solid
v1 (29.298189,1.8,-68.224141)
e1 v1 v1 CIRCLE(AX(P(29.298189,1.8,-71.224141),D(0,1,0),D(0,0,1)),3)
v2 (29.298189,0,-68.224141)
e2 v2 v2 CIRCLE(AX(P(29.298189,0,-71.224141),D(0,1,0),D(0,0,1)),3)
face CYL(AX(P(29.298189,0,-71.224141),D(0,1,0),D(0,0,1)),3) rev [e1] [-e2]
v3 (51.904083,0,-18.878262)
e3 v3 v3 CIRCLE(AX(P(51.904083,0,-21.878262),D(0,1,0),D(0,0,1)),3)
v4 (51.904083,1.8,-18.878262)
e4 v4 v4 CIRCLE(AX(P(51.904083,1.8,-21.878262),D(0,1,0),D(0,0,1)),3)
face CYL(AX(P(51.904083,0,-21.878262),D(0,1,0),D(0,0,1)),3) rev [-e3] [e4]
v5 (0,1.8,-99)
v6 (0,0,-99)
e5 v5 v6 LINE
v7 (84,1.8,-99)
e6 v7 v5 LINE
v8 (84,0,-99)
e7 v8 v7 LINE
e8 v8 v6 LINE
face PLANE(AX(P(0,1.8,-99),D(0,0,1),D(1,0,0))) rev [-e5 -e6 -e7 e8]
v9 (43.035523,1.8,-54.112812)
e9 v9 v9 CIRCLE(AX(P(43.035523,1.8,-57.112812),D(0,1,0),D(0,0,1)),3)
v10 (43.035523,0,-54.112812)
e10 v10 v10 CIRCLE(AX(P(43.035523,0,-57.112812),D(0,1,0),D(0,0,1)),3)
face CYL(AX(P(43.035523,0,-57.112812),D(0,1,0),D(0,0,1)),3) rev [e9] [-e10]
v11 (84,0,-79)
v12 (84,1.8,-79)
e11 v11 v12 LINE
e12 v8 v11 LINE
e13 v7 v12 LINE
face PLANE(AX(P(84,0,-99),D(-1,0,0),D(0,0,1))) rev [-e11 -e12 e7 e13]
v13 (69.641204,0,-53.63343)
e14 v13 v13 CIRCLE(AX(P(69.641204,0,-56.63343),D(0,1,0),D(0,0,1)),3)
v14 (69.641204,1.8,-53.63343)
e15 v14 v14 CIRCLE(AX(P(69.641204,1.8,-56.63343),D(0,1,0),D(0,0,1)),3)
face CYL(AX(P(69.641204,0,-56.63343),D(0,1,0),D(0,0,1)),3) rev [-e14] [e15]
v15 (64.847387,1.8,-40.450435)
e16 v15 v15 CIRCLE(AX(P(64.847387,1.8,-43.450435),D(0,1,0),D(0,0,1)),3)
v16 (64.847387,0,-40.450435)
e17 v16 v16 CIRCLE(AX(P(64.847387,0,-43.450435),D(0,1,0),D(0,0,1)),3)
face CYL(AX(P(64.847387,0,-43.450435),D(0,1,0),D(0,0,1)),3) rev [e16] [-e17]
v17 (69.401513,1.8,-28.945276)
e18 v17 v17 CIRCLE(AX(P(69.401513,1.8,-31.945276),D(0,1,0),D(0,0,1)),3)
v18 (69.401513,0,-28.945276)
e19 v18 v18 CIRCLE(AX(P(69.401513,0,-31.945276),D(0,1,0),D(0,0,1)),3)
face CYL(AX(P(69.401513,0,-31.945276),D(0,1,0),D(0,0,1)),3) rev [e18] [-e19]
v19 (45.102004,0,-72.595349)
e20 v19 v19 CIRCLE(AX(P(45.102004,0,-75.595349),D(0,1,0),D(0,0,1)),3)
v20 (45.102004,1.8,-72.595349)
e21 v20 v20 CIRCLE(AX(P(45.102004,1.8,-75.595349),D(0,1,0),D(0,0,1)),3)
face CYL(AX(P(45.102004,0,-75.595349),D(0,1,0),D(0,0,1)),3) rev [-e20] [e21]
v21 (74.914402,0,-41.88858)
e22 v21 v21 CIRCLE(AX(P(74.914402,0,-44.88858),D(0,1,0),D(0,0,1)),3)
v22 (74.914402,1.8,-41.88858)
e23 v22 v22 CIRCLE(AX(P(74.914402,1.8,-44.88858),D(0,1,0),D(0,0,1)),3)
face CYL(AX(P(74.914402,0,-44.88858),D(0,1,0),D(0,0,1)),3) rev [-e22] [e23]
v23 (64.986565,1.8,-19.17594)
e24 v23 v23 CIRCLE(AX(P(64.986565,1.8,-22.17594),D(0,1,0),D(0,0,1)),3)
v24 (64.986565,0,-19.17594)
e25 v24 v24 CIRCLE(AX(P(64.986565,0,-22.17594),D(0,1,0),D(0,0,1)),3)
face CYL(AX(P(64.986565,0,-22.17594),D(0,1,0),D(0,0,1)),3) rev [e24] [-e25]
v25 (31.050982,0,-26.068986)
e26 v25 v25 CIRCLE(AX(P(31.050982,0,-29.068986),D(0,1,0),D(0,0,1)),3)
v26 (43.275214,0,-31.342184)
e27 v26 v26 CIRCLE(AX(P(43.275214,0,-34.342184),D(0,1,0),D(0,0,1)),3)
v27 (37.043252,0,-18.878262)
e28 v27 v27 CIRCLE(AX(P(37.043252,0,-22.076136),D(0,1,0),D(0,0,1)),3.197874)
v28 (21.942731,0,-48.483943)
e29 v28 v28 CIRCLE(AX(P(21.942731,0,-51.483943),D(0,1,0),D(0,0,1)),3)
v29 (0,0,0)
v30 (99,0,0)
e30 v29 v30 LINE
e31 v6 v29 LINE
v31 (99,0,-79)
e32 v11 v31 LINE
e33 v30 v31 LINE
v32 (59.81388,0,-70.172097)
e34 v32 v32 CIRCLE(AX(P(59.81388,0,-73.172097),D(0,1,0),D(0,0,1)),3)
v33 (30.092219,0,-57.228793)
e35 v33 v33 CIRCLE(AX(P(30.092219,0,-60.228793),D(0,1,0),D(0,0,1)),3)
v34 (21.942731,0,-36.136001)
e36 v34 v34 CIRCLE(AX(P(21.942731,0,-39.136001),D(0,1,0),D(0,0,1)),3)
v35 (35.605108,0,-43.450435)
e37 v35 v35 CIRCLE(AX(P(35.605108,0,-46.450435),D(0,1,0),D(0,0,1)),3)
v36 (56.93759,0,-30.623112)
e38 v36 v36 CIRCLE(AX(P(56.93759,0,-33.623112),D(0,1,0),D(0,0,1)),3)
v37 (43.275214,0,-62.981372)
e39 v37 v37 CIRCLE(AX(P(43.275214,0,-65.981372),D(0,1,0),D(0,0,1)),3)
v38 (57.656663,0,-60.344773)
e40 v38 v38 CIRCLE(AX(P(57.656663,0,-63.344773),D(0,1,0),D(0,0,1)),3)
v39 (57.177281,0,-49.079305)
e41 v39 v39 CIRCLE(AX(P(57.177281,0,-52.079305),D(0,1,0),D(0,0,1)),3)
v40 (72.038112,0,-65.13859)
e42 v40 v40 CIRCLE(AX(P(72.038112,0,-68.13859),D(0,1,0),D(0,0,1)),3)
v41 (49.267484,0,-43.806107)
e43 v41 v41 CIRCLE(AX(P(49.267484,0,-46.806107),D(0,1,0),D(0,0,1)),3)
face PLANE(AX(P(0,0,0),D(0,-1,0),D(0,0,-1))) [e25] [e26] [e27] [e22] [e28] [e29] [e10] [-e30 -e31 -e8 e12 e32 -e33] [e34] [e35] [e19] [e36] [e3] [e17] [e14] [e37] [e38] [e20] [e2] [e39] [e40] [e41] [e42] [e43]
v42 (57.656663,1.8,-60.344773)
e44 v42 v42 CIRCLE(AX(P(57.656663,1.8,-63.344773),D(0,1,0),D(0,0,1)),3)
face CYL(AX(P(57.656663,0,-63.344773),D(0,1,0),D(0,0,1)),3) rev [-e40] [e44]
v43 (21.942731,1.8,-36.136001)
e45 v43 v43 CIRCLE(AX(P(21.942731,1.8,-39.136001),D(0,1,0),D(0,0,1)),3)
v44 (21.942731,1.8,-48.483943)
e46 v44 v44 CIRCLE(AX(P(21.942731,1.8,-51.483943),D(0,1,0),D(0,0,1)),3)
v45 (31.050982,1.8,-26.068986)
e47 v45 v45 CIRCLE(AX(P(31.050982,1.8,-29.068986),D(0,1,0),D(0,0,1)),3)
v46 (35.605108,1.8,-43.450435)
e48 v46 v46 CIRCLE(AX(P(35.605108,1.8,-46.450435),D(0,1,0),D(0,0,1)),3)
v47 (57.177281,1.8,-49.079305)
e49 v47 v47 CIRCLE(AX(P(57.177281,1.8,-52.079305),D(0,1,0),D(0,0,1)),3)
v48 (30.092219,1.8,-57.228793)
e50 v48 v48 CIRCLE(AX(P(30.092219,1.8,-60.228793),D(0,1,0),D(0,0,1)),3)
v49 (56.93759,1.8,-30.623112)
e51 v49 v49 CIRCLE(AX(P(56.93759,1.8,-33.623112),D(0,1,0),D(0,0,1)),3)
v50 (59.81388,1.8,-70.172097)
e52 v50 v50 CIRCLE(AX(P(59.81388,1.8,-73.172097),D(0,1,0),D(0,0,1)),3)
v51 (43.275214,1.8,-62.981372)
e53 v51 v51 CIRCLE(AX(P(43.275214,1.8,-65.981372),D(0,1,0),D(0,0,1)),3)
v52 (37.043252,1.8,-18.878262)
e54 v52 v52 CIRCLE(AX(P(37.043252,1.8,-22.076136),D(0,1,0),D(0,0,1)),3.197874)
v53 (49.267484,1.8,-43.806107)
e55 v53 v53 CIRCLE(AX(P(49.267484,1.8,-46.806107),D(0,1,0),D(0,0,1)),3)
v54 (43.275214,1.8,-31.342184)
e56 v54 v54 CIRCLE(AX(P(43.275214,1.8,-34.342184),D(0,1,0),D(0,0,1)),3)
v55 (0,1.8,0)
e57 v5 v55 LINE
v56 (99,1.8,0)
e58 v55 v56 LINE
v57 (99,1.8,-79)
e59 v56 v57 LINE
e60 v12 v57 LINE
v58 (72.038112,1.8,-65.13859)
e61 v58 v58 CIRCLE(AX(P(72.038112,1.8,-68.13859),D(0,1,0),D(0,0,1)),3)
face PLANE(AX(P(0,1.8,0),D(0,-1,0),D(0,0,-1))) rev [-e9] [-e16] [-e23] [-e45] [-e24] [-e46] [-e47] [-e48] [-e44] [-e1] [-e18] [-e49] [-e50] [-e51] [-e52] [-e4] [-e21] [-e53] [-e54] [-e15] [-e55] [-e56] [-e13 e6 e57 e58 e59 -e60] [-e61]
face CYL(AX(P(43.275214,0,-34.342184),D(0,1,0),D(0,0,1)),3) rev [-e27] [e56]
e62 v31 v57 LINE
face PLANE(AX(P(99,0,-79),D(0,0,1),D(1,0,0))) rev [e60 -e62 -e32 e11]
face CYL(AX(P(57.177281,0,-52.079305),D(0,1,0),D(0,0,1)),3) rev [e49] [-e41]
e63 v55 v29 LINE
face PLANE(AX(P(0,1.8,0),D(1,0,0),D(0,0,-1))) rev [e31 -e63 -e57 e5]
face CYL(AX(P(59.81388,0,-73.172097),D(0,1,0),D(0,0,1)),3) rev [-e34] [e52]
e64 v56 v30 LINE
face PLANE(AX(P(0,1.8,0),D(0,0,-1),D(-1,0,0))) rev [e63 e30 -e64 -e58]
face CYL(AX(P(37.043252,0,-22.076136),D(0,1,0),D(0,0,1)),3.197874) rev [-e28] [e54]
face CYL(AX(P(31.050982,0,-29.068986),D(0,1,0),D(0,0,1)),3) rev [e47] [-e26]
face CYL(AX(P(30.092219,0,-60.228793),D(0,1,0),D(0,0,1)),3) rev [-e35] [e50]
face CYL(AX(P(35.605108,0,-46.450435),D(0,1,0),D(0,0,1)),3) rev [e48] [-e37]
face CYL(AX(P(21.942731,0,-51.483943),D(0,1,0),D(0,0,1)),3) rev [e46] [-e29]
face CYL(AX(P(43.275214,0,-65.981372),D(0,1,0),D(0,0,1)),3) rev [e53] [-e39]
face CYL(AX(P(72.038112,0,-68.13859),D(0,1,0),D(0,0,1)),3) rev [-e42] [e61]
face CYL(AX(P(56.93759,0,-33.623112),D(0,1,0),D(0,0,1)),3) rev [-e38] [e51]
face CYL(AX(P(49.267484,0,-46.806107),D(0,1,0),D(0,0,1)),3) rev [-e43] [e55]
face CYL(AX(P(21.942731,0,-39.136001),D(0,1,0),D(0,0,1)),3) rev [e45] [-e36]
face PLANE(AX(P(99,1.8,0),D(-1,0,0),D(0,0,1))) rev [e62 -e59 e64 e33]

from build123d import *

# Parameters (mm, degrees)
SKETCH_1_W          = 99
SKETCH_1_H          = 99
EXTRUDE_1_DEPTH     = 1.8
SKETCH_2_R          = 3
SKETCH_2_R_2        = 3.197874374
CUT_EXTRUDE_1_DEPTH = 2.8
SKETCH_3_W          = 15
SKETCH_3_H          = 20
CUT_EXTRUDE_2_DEPTH = 2.8


with BuildPart() as part:
    # 草图1 → 凸台-拉伸1 (new body)
    with BuildSketch(Plane(origin=(0, 0, 0), x_dir=(1, 0, 0), z_dir=(0, 1, 0))):
        with Locations((49.5, 49.5)):
            Rectangle(SKETCH_1_W, SKETCH_1_H)
    extrude(amount=EXTRUDE_1_DEPTH)

    # 草图2 → 切除-拉伸1 (cut, through all)
    with BuildSketch(Plane(origin=(0, 1.8, 0), x_dir=(1, 0, 0), z_dir=(0, 1, 0))):
        with Locations((29.29818934, 71.224140528)):
            Circle(SKETCH_2_R)
        with Locations((45.102003727, 75.595349176)):
            Circle(SKETCH_2_R)
        with Locations((30.092218758, 60.228792633)):
            Circle(SKETCH_2_R)
        with Locations((35.605107574, 46.450435365)):
            Circle(SKETCH_2_R)
        with Locations((43.275213753, 34.342184277)):
            Circle(SKETCH_2_R)
        with Locations((56.937590385, 33.623111823)):
            Circle(SKETCH_2_R)
        with Locations((49.267484206, 46.806106819)):
            Circle(SKETCH_2_R)
        with Locations((64.847387383, 43.450435365)):
            Circle(SKETCH_2_R)
        with Locations((69.641203745, 56.633430361)):
            Circle(SKETCH_2_R)
        with Locations((57.65666284, 63.344773268)):
            Circle(SKETCH_2_R)
        with Locations((43.035522935, 57.112811997)):
            Circle(SKETCH_2_R)
        with Locations((43.275213753, 65.981372267)):
            Circle(SKETCH_2_R)
        with Locations((59.813880203, 73.172096811)):
            Circle(SKETCH_2_R)
        with Locations((69.401512927, 31.945276096)):
            Circle(SKETCH_2_R)
        with Locations((31.05098203, 29.068986279)):
            Circle(SKETCH_2_R)
        with Locations((51.904083205, 21.878261736)):
            Circle(SKETCH_2_R)
        with Locations((21.942730942, 39.13600064)):
            Circle(SKETCH_2_R)
        with Locations((21.942730942, 51.483942546)):
            Circle(SKETCH_2_R)
        with Locations((74.914401743, 44.888580274)):
            Circle(SKETCH_2_R)
        with Locations((64.98656548, 22.175939833)):
            Circle(SKETCH_2_R)
        with Locations((37.043252483, 22.07613611)):
            Circle(SKETCH_2_R_2)
        with Locations((72.038111926, 68.13858963)):
            Circle(SKETCH_2_R)
        with Locations((57.177281203, 52.079304817)):
            Circle(SKETCH_2_R)
    extrude(amount=-CUT_EXTRUDE_1_DEPTH, mode=Mode.SUBTRACT)

    # 草图3 → 切除-拉伸2 (cut, through all)
    with BuildSketch(Plane(origin=(0, 1.8, 0), x_dir=(1, 0, 0), z_dir=(0, 1, 0))):
        with Locations((91.5, 89)):
            Rectangle(SKETCH_3_W, SKETCH_3_H)
    extrude(amount=-CUT_EXTRUDE_2_DEPTH, mode=Mode.SUBTRACT)


solid = part.part
